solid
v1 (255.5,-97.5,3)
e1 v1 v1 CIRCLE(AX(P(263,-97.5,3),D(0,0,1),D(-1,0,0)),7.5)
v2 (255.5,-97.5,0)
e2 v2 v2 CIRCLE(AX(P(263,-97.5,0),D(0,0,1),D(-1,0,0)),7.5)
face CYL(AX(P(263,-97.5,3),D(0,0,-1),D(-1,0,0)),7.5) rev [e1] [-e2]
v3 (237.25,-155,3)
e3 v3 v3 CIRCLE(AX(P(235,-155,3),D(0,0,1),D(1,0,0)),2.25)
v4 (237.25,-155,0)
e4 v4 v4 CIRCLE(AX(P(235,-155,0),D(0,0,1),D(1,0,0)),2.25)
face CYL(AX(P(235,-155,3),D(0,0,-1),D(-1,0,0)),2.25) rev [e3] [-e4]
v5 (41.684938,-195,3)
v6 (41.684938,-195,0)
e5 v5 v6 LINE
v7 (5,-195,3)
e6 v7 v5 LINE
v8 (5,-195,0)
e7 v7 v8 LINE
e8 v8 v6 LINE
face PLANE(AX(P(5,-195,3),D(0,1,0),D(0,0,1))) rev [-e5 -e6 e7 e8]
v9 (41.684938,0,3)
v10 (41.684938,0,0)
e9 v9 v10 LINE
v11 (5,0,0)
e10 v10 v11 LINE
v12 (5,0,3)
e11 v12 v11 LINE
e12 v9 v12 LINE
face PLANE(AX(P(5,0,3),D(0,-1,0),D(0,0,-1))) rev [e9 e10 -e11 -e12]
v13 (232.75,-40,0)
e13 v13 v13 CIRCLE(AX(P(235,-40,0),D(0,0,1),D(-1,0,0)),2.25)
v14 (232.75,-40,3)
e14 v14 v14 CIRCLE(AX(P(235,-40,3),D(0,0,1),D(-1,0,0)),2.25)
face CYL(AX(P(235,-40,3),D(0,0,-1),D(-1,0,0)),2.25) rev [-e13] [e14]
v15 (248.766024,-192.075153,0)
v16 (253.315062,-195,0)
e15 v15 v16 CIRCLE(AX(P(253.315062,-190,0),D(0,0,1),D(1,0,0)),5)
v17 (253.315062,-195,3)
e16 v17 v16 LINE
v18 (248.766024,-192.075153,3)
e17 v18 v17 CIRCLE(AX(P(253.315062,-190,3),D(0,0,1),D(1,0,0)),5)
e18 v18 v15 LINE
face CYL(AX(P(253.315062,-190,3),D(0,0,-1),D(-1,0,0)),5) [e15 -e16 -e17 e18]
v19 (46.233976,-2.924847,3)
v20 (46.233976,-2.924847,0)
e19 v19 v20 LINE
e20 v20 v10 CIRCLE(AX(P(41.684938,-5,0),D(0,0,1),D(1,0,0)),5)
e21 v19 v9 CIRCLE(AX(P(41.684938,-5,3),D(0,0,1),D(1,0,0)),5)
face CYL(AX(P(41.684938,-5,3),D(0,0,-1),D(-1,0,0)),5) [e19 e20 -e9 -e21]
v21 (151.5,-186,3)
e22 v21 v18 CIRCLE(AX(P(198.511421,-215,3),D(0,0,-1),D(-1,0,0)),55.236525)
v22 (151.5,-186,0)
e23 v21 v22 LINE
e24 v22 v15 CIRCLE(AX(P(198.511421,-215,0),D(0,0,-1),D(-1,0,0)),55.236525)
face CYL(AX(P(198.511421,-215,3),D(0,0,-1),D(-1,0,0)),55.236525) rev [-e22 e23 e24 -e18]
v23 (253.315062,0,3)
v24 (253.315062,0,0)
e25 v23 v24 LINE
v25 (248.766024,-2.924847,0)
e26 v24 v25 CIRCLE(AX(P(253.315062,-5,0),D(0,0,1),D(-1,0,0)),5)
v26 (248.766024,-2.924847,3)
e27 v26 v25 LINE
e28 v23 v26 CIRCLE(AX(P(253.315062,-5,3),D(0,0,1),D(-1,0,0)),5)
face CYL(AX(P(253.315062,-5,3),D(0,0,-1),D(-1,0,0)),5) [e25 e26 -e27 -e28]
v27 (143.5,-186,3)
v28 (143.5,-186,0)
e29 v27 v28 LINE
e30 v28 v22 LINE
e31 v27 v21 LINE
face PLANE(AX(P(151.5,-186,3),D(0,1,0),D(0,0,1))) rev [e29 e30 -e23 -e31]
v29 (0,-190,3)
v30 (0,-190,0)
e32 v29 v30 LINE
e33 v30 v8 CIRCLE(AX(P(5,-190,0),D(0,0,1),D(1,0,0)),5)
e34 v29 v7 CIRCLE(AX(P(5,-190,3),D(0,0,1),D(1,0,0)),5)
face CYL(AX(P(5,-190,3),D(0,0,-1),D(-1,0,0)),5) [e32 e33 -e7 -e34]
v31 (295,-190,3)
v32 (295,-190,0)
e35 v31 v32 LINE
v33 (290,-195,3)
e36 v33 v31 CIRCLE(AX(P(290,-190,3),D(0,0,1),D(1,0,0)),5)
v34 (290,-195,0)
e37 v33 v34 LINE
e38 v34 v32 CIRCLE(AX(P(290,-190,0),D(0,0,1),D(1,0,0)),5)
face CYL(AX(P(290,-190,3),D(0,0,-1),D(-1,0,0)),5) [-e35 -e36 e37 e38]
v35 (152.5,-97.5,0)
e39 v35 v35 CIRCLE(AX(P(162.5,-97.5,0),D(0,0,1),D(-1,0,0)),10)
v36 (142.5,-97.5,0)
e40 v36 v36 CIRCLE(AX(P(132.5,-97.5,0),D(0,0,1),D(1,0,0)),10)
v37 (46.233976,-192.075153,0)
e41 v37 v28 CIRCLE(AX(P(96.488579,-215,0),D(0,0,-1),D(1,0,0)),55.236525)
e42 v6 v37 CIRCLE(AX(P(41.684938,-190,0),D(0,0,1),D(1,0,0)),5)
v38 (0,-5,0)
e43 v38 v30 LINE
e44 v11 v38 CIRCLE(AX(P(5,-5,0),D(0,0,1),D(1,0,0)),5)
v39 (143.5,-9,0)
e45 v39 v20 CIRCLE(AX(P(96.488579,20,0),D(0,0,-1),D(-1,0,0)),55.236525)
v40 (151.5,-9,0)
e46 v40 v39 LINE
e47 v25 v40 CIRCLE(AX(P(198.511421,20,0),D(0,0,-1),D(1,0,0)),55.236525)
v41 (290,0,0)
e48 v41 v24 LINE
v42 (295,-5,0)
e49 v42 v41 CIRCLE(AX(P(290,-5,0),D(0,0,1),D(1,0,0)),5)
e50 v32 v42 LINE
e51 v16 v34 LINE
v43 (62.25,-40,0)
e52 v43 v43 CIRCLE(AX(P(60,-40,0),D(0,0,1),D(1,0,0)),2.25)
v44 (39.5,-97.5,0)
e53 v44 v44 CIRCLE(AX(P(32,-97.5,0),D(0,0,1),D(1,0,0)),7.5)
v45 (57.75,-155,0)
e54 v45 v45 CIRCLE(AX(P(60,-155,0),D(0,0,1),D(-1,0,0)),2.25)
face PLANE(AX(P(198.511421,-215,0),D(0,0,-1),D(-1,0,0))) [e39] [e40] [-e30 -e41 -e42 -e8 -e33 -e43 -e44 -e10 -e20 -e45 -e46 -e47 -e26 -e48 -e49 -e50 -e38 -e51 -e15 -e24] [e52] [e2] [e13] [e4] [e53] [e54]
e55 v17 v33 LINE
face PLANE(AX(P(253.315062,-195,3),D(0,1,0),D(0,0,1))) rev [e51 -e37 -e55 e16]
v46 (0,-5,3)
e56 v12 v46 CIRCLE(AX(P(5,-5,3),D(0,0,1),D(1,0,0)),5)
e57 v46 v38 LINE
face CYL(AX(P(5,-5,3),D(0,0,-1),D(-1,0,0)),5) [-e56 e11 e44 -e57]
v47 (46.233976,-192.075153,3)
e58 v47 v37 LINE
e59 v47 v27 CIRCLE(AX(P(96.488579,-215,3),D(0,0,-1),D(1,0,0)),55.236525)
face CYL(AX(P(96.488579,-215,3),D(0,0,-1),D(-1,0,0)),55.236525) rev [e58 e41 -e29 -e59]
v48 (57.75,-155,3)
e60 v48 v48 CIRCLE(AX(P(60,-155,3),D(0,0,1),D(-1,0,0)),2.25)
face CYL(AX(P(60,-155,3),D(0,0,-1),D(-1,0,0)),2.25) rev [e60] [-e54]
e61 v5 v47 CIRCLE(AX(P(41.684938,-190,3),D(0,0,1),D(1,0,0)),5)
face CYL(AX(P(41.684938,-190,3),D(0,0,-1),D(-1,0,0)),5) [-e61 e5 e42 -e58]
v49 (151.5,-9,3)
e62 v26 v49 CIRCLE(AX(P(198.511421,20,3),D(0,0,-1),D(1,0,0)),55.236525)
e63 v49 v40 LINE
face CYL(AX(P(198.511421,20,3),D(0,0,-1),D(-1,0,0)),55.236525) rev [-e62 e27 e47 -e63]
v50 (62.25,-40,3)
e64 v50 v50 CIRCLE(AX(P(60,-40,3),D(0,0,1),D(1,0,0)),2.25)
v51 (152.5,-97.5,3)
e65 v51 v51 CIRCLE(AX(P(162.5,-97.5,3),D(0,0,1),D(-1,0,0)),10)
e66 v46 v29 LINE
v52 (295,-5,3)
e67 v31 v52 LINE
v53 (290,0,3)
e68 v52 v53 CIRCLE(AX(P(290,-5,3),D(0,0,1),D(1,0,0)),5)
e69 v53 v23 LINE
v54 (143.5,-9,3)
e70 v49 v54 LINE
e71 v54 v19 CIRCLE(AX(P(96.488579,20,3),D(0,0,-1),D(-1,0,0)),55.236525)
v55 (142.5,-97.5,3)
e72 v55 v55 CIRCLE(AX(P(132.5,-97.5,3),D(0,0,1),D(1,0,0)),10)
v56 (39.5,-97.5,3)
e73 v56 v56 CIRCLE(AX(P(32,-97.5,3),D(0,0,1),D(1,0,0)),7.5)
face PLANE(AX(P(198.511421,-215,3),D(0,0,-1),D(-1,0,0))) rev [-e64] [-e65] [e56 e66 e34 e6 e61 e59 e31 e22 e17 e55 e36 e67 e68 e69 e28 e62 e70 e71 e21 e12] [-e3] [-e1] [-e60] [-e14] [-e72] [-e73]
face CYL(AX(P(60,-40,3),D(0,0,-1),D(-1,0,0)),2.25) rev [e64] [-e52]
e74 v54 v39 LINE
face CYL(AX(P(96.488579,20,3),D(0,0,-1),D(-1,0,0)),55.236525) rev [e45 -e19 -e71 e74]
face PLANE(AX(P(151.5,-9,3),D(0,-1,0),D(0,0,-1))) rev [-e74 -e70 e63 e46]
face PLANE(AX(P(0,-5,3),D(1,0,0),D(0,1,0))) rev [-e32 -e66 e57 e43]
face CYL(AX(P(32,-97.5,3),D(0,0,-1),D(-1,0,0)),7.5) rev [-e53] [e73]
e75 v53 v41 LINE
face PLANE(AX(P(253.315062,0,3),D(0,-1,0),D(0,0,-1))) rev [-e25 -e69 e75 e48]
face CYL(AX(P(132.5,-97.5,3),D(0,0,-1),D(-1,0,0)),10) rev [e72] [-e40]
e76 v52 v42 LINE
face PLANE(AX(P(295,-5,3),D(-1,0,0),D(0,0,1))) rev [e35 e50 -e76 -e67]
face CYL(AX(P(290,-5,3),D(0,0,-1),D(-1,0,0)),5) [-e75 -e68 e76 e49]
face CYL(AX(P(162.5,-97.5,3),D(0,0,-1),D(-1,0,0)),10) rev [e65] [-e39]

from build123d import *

# Parameters (mm, degrees)
ESQUISSE1_R        = 2.25
ESQUISSE1_R_2      = 7.5
ESQUISSE1_R_3      = 10
BOSS_EXTRU_1_DEPTH = 3


with BuildPart() as part:
    # Esquisse1 → Boss.-Extru.1 (new body)
    with BuildSketch(Plane.XY):
        with BuildLine():
            Line((5, 0), (41.684938398, 0))
            ThreePointArc((41.684938398, 0), (44.389031178, -0.794303597), (46.23397571, -2.924847105))
            ThreePointArc((46.23397571, -2.924847105), (93.045262331, -35.129096737), (143.5, -9))
            Line((143.5, -9), (151.5, -9))
            ThreePointArc((151.5, -9), (201.954737669, -35.129096737), (248.76602429, -2.924847105))
            ThreePointArc((248.76602429, -2.924847105), (250.610968822, -0.794303597), (253.315061602, 0))
            Line((253.315061602, 0), (290, 0))
            ThreePointArc((290, 0), (293.535533906, -1.464466094), (295, -5))
            Line((295, -5), (295, -190))
            ThreePointArc((295, -190), (293.535533906, -193.535533906), (290, -195))
            Line((290, -195), (253.315061602, -195))
            ThreePointArc((253.315061602, -195), (250.610968822, -194.205696403), (248.76602429, -192.075152895))
            ThreePointArc((248.76602429, -192.075152895), (201.954737669, -159.870903263), (151.5, -186))
            Line((151.5, -186), (143.5, -186))
            ThreePointArc((143.5, -186), (93.045262331, -159.870903263), (46.23397571, -192.075152895))
            ThreePointArc((46.23397571, -192.075152895), (44.389031178, -194.205696403), (41.684938398, -195))
            Line((41.684938398, -195), (5, -195))
            ThreePointArc((5, -195), (1.464466094, -193.535533906), (0, -190))
            Line((0, -190), (0, -5))
            ThreePointArc((0, -5), (1.464466094, -1.464466094), (5, 0))
        make_face()
        with Locations((60, -40)):
            Circle(ESQUISSE1_R, mode=Mode.SUBTRACT)
        with Locations((32, -97.5)):
            Circle(ESQUISSE1_R_2, mode=Mode.SUBTRACT)
        with Locations((263, -97.5)):
            Circle(ESQUISSE1_R_2, mode=Mode.SUBTRACT)
        with Locations((132.5, -97.5)):
            Circle(ESQUISSE1_R_3, mode=Mode.SUBTRACT)
        with Locations((162.5, -97.5)):
            Circle(ESQUISSE1_R_3, mode=Mode.SUBTRACT)
        with Locations((235, -40)):
            Circle(ESQUISSE1_R, mode=Mode.SUBTRACT)
        with Locations((235, -155)):
            Circle(ESQUISSE1_R, mode=Mode.SUBTRACT)
        with Locations((60, -155)):
            Circle(ESQUISSE1_R, mode=Mode.SUBTRACT)
    extrude(amount=BOSS_EXTRU_1_DEPTH)


solid = part.part
